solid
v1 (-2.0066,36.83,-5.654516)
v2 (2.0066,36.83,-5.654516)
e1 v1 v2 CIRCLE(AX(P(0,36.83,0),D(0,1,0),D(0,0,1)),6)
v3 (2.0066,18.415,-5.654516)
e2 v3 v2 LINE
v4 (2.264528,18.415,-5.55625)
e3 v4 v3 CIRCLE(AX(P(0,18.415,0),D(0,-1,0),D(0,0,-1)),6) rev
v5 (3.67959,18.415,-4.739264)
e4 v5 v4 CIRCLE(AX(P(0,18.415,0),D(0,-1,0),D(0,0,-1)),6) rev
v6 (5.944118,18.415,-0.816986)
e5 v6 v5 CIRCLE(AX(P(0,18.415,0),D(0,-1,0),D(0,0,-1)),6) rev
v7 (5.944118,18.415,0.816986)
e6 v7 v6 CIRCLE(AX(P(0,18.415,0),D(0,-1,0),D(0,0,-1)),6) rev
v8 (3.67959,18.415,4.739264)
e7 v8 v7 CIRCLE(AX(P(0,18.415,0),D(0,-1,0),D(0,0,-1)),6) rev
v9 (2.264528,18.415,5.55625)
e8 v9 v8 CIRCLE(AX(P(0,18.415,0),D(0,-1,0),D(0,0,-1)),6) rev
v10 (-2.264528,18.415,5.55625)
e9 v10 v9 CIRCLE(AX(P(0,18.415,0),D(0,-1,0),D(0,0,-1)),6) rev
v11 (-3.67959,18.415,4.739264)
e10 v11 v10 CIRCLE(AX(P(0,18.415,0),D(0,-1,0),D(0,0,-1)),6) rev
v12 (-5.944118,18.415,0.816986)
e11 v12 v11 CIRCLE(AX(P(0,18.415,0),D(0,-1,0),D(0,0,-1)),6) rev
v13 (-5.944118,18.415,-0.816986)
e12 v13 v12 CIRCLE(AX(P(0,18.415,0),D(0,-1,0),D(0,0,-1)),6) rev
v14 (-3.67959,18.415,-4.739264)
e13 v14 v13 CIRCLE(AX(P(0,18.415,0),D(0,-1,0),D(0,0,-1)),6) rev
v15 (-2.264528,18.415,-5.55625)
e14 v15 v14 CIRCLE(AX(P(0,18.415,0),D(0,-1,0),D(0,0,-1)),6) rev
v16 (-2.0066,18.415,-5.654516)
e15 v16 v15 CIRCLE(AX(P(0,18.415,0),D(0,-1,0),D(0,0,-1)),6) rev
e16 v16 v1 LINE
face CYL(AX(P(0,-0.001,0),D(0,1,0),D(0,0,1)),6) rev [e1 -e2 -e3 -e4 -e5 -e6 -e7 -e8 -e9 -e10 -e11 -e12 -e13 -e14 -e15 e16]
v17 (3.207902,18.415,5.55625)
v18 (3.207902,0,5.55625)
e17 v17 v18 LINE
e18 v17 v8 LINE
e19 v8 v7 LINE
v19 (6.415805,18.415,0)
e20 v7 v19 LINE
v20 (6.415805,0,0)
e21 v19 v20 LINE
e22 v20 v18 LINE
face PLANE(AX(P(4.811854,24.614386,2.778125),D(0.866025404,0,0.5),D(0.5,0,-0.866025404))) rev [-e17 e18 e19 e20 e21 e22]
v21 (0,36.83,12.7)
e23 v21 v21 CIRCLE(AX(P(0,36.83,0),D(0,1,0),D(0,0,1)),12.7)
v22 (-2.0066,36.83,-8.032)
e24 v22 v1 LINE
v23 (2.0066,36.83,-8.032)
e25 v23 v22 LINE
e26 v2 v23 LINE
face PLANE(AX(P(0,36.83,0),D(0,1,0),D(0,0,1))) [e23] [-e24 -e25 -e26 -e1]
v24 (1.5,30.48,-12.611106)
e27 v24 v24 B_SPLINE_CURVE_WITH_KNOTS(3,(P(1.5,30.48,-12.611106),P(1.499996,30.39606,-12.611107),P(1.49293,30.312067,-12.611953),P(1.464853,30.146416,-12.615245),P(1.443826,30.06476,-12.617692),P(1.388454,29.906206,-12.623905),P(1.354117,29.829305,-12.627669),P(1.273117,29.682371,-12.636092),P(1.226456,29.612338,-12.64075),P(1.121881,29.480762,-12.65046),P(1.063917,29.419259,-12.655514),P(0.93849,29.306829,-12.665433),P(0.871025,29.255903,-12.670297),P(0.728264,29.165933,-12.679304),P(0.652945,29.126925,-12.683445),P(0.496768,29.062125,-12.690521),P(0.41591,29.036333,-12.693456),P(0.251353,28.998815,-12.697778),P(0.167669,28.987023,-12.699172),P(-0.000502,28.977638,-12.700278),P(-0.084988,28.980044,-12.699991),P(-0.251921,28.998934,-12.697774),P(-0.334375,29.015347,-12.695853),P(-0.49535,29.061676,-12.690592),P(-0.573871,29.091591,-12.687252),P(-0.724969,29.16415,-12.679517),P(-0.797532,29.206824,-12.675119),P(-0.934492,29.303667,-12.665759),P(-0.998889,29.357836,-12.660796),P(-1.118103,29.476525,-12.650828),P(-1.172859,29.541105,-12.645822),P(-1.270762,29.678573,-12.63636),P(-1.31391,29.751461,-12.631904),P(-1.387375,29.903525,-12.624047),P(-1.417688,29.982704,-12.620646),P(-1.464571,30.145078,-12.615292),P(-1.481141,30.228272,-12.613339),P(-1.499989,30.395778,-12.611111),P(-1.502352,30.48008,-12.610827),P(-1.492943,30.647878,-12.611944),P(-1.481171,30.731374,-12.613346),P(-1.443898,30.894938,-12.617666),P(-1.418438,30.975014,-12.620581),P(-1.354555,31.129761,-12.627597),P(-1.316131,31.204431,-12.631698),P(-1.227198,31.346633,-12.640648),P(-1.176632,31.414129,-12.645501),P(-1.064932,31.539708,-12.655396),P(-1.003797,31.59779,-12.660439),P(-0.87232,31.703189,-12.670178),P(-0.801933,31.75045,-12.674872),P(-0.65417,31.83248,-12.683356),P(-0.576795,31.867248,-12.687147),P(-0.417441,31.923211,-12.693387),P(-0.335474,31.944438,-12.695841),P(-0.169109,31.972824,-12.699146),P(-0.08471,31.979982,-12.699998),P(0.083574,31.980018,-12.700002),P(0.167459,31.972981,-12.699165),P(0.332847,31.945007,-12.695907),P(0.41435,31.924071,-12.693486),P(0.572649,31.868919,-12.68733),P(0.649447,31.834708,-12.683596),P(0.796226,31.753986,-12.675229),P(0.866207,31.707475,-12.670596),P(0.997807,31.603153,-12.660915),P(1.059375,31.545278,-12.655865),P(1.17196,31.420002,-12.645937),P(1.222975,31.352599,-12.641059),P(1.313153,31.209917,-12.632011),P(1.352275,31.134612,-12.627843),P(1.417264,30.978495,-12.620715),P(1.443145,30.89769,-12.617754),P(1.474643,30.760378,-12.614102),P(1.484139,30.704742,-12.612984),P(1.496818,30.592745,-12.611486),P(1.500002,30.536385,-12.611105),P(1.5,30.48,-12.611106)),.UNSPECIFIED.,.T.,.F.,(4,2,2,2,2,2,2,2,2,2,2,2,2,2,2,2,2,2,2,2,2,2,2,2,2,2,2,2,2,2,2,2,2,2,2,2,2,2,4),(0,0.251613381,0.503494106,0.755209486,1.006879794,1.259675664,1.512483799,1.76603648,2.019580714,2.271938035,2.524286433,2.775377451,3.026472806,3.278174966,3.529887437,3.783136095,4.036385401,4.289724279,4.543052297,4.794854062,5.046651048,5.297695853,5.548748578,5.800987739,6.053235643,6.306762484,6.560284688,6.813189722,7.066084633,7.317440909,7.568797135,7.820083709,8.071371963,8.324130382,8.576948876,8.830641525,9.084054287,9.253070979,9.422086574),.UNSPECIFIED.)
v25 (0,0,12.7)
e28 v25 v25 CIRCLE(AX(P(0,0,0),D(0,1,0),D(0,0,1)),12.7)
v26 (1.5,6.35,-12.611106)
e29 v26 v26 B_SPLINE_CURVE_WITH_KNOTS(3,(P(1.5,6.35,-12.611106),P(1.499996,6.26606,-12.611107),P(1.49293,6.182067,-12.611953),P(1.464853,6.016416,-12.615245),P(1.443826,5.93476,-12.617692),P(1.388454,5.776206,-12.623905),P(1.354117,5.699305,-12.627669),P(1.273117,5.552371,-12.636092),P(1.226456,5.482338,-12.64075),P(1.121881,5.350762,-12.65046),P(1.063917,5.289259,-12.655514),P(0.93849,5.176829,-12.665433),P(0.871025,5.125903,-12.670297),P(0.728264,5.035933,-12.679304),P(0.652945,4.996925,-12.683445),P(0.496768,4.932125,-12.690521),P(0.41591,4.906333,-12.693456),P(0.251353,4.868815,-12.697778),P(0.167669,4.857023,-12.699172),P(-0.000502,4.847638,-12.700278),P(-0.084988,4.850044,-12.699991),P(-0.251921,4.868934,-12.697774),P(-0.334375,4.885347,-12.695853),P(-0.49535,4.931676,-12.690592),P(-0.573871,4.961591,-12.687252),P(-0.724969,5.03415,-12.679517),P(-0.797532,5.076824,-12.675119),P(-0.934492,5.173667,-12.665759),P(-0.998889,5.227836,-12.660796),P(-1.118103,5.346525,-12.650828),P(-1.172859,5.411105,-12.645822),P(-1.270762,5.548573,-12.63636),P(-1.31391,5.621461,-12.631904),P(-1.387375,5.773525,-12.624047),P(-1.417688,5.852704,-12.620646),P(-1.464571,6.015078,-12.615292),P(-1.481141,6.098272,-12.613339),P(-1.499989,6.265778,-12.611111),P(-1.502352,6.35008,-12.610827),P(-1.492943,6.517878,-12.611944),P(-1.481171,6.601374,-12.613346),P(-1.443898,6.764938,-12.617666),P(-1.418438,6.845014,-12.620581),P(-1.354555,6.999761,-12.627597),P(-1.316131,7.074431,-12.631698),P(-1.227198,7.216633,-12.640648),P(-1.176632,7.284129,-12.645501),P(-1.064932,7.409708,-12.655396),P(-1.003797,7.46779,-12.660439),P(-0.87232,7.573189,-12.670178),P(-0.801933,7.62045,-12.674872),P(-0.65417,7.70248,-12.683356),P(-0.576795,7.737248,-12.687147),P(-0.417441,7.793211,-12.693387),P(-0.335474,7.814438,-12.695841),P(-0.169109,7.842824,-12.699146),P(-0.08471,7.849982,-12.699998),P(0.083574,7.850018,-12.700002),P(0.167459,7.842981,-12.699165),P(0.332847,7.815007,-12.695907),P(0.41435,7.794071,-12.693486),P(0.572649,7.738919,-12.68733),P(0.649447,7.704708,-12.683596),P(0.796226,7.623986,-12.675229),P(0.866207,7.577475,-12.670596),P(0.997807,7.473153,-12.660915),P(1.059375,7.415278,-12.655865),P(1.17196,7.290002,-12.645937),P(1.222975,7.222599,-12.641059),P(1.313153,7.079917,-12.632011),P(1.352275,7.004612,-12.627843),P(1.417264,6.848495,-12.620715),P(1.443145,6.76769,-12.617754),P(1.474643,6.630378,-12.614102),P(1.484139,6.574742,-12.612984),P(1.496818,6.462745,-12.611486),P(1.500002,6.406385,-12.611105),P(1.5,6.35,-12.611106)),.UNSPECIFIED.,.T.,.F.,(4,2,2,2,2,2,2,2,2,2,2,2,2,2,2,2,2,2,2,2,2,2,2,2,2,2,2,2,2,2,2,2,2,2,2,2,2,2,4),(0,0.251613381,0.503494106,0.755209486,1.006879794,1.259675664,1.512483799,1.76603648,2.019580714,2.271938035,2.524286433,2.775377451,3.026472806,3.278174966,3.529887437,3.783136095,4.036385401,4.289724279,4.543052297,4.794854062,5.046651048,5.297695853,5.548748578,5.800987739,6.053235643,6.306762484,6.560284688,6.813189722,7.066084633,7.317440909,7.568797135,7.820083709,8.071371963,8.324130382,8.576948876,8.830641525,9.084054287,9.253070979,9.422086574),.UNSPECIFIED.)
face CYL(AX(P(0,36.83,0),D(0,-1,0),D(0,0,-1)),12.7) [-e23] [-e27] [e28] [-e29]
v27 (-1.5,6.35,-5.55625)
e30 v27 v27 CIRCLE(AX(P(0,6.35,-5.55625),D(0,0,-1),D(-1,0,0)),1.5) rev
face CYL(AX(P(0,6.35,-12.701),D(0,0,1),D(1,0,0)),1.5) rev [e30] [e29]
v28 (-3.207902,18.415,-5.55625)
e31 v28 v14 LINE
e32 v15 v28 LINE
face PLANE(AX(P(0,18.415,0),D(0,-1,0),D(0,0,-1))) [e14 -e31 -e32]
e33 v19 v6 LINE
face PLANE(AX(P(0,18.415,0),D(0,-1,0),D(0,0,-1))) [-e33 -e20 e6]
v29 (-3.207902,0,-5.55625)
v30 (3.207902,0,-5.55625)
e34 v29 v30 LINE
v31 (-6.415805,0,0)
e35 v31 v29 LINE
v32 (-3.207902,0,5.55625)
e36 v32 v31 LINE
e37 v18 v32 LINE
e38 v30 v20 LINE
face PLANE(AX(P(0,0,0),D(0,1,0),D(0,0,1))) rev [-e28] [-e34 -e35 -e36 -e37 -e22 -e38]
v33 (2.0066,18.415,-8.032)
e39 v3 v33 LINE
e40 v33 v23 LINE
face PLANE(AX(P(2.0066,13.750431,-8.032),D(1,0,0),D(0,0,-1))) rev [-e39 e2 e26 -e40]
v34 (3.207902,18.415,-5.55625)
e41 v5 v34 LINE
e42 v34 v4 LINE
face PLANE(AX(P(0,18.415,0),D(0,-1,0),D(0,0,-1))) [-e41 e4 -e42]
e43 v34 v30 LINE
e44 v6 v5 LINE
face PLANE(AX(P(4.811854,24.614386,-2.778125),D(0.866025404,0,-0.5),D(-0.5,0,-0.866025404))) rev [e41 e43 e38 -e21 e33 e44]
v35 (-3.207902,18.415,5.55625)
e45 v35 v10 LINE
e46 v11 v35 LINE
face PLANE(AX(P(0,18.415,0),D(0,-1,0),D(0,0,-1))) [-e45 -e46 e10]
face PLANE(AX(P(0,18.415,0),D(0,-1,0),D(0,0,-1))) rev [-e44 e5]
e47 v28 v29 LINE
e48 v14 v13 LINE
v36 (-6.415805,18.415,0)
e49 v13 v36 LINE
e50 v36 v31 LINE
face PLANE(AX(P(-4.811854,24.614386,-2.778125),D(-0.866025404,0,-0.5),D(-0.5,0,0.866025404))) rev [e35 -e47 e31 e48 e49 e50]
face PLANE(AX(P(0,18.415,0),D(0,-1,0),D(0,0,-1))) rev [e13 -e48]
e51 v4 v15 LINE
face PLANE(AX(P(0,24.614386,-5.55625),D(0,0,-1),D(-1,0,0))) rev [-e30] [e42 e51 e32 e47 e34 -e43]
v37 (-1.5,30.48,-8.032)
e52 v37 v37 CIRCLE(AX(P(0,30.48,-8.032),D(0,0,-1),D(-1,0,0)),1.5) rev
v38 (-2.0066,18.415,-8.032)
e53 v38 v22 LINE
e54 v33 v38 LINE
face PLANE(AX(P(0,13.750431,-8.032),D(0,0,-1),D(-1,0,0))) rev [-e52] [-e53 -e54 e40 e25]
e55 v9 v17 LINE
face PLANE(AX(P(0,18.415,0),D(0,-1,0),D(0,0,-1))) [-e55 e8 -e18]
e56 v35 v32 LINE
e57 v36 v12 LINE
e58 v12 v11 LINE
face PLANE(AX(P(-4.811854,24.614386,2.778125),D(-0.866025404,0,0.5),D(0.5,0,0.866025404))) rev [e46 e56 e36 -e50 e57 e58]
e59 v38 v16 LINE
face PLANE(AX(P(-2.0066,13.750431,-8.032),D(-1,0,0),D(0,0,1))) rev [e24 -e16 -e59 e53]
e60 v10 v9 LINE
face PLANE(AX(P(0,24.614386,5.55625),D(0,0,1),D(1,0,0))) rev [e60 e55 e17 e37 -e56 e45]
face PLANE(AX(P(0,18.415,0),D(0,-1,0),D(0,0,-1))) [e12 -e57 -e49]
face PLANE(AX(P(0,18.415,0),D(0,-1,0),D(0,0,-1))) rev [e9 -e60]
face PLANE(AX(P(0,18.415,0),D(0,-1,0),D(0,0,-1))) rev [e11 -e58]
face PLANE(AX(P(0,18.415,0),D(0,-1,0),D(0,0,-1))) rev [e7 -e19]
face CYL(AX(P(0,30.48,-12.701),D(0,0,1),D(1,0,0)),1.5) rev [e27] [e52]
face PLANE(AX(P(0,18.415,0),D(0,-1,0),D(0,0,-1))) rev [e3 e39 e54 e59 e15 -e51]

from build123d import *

# Parameters (mm, degrees)
SKETCH1_R               = 12.7
BOSS_EXTRUDE1_DEPTH     = 36.83
SKETCH3_R               = 6.35
CUT_EXTRUDE1_DEPTH      = 18.415
CUT_EXTRUDE2_REACH      = 42.976
SKETCH4_R               = 6
CUT_EXTRUDE3_DEPTH      = 18.415
BOSS_EXTRUDE2_DEPTH     = 18.415
CUT_EXTRUDE6_DEPTH      = 18.415
CUT_EXTRUDE4_REACH      = 42.976
CUT_EXTRUDE4_END_RADIUS = 12.7
SKETCH6_R               = 1.5


with BuildPart() as part:
    # Sketch1 → Boss-Extrude1 (new body)
    with BuildSketch(Plane(origin=(0, 0, 0), x_dir=(1, 0, 0), z_dir=(0, 1, 0))):
        with Locations(Location((0, 0, 0), (0, 0, 270))):
            Circle(SKETCH1_R)
    extrude(amount=BOSS_EXTRUDE1_DEPTH)

    # Sketch3 → Cut-Extrude1 (cut)
    with BuildSketch(Plane(origin=(0, 0, 0), x_dir=(-1, 0, 0), z_dir=(0, -1, 0))):
        with Locations(Location((0, 0, 0), (0, 0, 90))):
            Circle(SKETCH3_R)
    extrude(amount=-CUT_EXTRUDE1_DEPTH, mode=Mode.SUBTRACT)

    # Sketch4 → Cut-Extrude2 (cut, up to next)
    with BuildSketch(Plane(origin=(0, 36.83, 0), x_dir=(1, 0, 0), z_dir=(0, 1, 0)), mode=Mode.PRIVATE) as cut_extrude2_sk1:
        with Locations(Location((0, 0, 0), (0, 0, 270))):
            Circle(SKETCH4_R)
    cut_extrude2_tool1 = extrude(cut_extrude2_sk1.sketch, amount=-CUT_EXTRUDE2_REACH, mode=Mode.PRIVATE) & part.part
    add(cut_extrude2_tool1.solids().sort_by_distance((0, 36.83, 0))[0], mode=Mode.SUBTRACT)

    # Sketch5 → Cut-Extrude3 (cut)
    with BuildSketch(Plane(origin=(0, 36.83, 0), x_dir=(1, 0, 0), z_dir=(0, 1, 0))):
        with BuildLine():
            Line((0, 8.032), (-2.0066, 8.032))
            Line((-2.0066, 8.032), (-2.0066, 5.654516464))
            ThreePointArc((-2.0066, 5.654516464), (0, 6), (2.0066, 5.654516464))
            Line((2.0066, 5.654516464), (2.0066, 8.032))
            Line((2.0066, 8.032), (0, 8.032))
        make_face()
    extrude(amount=-CUT_EXTRUDE3_DEPTH, mode=Mode.SUBTRACT)

    # Sketch9 → Boss-Extrude2 (add)
    with BuildSketch(Plane(origin=(0, 0, 0), x_dir=(-1, 0, 0), z_dir=(0, -1, 0))):
        with BuildLine():
            Line((3.274763384, 5.440443436), (6.348943915, 0.115806564))
            ThreePointArc((6.348943915, 0.115806564), (5.499261314, 3.175), (3.274763384, 5.440443436))
        make_face()
        with BuildLine():
            ThreePointArc((3.274763384, -5.440443436), (5.499261314, -3.175), (6.348943915, -0.115806564))
            Line((6.348943915, -0.115806564), (3.274763384, -5.440443436))
        make_face()
        with BuildLine():
            ThreePointArc((-3.074180531, -5.55625), (0, -6.35), (3.074180531, -5.55625))
            Line((3.074180531, -5.55625), (-3.074180531, -5.55625))
        make_face()
        with BuildLine():
            ThreePointArc((-6.348943915, -0.115806564), (-5.499261314, -3.175), (-3.274763384, -5.440443436))
            Line((-3.274763384, -5.440443436), (-6.348943915, -0.115806564))
        make_face()
        with BuildLine():
            Line((-6.348943915, 0.115806564), (-3.274763384, 5.440443436))
            ThreePointArc((-3.274763384, 5.440443436), (-5.499261314, 3.175), (-6.348943915, 0.115806564))
        make_face()
        with BuildLine():
            Line((-3.074180531, 5.55625), (3.074180531, 5.55625))
            ThreePointArc((3.074180531, 5.55625), (0, 6.35), (-3.074180531, 5.55625))
        make_face()
    extrude(amount=-BOSS_EXTRUDE2_DEPTH)

    # Sketch9<3> → Cut-Extrude6 (cut)
    with BuildSketch(Plane(origin=(0, 0, 0), x_dir=(-1, 0, 0), z_dir=(0, -1, 0))):
        with BuildLine():
            Line((-3.207902433, -5.55625), (-3.074180531, -5.55625))
            ThreePointArc((-3.074180531, -5.55625), (-3.175, -5.499261314), (-3.274763384, -5.440443436))
            Line((-3.274763384, -5.440443436), (-3.207902433, -5.55625))
        make_face()
        with BuildLine():
            ThreePointArc((-6.348943915, -0.115806564), (-6.35, 0), (-6.348943915, 0.115806564))
            Line((-6.348943915, 0.115806564), (-6.415804866, 0))
            Line((-6.415804866, 0), (-6.348943915, -0.115806564))
        make_face()
        with BuildLine():
            ThreePointArc((-3.274763384, 5.440443436), (-3.175, 5.499261314), (-3.074180531, 5.55625))
            Line((-3.074180531, 5.55625), (-3.207902433, 5.55625))
            Line((-3.207902433, 5.55625), (-3.274763384, 5.440443436))
        make_face()
        with BuildLine():
            ThreePointArc((3.074180531, 5.55625), (3.175, 5.499261314), (3.274763384, 5.440443436))
            Line((3.274763384, 5.440443436), (3.207902433, 5.55625))
            Line((3.207902433, 5.55625), (3.074180531, 5.55625))
        make_face()
        with BuildLine():
            Line((6.348943915, -0.115806564), (6.415804866, 0))
            Line((6.415804866, 0), (6.348943915, 0.115806564))
            ThreePointArc((6.348943915, 0.115806564), (6.349735973, 0.05790569), (6.35, 0))
            ThreePointArc((6.35, 0), (6.349735973, -0.05790569), (6.348943915, -0.115806564))
        make_face()
        with BuildLine():
            Line((3.207902433, -5.55625), (3.274763384, -5.440443436))
            ThreePointArc((3.274763384, -5.440443436), (3.175, -5.499261314), (3.074180531, -5.55625))
            Line((3.074180531, -5.55625), (3.207902433, -5.55625))
        make_face()
    extrude(amount=-CUT_EXTRUDE6_DEPTH, mode=Mode.SUBTRACT)

    # Cut-Extrude4: up to this cylinder (the profile starts inside it)
    cut_extrude4_end = Plane(origin=(0, 18.415, 0), z_dir=(0, -1, 0)) * Cylinder(CUT_EXTRUDE4_END_RADIUS, 136.482, mode=Mode.PRIVATE)
    # Sketch6 → Cut-Extrude4 (cut, up to the surface)
    with BuildSketch(Plane.XY, mode=Mode.PRIVATE) as cut_extrude4_sk1:
        with Locations((0, 30.48)):
            Circle(SKETCH6_R)
    cut_extrude4_tool1 = extrude(cut_extrude4_sk1.sketch, amount=-CUT_EXTRUDE4_REACH, mode=Mode.PRIVATE) & cut_extrude4_end
    add(cut_extrude4_tool1.solids().sort_by_distance((0, 30.48, 0))[0], mode=Mode.SUBTRACT)
    # Sketch6 → Cut-Extrude4 (cut, up to the surface)
    with BuildSketch(Plane.XY, mode=Mode.PRIVATE) as cut_extrude4_sk2:
        with Locations((0, 6.35)):
            Circle(SKETCH6_R)
    cut_extrude4_tool2 = extrude(cut_extrude4_sk2.sketch, amount=-CUT_EXTRUDE4_REACH, mode=Mode.PRIVATE) & cut_extrude4_end
    add(cut_extrude4_tool2.solids().sort_by_distance((0, 6.35, 0))[0], mode=Mode.SUBTRACT)


solid = part.part
